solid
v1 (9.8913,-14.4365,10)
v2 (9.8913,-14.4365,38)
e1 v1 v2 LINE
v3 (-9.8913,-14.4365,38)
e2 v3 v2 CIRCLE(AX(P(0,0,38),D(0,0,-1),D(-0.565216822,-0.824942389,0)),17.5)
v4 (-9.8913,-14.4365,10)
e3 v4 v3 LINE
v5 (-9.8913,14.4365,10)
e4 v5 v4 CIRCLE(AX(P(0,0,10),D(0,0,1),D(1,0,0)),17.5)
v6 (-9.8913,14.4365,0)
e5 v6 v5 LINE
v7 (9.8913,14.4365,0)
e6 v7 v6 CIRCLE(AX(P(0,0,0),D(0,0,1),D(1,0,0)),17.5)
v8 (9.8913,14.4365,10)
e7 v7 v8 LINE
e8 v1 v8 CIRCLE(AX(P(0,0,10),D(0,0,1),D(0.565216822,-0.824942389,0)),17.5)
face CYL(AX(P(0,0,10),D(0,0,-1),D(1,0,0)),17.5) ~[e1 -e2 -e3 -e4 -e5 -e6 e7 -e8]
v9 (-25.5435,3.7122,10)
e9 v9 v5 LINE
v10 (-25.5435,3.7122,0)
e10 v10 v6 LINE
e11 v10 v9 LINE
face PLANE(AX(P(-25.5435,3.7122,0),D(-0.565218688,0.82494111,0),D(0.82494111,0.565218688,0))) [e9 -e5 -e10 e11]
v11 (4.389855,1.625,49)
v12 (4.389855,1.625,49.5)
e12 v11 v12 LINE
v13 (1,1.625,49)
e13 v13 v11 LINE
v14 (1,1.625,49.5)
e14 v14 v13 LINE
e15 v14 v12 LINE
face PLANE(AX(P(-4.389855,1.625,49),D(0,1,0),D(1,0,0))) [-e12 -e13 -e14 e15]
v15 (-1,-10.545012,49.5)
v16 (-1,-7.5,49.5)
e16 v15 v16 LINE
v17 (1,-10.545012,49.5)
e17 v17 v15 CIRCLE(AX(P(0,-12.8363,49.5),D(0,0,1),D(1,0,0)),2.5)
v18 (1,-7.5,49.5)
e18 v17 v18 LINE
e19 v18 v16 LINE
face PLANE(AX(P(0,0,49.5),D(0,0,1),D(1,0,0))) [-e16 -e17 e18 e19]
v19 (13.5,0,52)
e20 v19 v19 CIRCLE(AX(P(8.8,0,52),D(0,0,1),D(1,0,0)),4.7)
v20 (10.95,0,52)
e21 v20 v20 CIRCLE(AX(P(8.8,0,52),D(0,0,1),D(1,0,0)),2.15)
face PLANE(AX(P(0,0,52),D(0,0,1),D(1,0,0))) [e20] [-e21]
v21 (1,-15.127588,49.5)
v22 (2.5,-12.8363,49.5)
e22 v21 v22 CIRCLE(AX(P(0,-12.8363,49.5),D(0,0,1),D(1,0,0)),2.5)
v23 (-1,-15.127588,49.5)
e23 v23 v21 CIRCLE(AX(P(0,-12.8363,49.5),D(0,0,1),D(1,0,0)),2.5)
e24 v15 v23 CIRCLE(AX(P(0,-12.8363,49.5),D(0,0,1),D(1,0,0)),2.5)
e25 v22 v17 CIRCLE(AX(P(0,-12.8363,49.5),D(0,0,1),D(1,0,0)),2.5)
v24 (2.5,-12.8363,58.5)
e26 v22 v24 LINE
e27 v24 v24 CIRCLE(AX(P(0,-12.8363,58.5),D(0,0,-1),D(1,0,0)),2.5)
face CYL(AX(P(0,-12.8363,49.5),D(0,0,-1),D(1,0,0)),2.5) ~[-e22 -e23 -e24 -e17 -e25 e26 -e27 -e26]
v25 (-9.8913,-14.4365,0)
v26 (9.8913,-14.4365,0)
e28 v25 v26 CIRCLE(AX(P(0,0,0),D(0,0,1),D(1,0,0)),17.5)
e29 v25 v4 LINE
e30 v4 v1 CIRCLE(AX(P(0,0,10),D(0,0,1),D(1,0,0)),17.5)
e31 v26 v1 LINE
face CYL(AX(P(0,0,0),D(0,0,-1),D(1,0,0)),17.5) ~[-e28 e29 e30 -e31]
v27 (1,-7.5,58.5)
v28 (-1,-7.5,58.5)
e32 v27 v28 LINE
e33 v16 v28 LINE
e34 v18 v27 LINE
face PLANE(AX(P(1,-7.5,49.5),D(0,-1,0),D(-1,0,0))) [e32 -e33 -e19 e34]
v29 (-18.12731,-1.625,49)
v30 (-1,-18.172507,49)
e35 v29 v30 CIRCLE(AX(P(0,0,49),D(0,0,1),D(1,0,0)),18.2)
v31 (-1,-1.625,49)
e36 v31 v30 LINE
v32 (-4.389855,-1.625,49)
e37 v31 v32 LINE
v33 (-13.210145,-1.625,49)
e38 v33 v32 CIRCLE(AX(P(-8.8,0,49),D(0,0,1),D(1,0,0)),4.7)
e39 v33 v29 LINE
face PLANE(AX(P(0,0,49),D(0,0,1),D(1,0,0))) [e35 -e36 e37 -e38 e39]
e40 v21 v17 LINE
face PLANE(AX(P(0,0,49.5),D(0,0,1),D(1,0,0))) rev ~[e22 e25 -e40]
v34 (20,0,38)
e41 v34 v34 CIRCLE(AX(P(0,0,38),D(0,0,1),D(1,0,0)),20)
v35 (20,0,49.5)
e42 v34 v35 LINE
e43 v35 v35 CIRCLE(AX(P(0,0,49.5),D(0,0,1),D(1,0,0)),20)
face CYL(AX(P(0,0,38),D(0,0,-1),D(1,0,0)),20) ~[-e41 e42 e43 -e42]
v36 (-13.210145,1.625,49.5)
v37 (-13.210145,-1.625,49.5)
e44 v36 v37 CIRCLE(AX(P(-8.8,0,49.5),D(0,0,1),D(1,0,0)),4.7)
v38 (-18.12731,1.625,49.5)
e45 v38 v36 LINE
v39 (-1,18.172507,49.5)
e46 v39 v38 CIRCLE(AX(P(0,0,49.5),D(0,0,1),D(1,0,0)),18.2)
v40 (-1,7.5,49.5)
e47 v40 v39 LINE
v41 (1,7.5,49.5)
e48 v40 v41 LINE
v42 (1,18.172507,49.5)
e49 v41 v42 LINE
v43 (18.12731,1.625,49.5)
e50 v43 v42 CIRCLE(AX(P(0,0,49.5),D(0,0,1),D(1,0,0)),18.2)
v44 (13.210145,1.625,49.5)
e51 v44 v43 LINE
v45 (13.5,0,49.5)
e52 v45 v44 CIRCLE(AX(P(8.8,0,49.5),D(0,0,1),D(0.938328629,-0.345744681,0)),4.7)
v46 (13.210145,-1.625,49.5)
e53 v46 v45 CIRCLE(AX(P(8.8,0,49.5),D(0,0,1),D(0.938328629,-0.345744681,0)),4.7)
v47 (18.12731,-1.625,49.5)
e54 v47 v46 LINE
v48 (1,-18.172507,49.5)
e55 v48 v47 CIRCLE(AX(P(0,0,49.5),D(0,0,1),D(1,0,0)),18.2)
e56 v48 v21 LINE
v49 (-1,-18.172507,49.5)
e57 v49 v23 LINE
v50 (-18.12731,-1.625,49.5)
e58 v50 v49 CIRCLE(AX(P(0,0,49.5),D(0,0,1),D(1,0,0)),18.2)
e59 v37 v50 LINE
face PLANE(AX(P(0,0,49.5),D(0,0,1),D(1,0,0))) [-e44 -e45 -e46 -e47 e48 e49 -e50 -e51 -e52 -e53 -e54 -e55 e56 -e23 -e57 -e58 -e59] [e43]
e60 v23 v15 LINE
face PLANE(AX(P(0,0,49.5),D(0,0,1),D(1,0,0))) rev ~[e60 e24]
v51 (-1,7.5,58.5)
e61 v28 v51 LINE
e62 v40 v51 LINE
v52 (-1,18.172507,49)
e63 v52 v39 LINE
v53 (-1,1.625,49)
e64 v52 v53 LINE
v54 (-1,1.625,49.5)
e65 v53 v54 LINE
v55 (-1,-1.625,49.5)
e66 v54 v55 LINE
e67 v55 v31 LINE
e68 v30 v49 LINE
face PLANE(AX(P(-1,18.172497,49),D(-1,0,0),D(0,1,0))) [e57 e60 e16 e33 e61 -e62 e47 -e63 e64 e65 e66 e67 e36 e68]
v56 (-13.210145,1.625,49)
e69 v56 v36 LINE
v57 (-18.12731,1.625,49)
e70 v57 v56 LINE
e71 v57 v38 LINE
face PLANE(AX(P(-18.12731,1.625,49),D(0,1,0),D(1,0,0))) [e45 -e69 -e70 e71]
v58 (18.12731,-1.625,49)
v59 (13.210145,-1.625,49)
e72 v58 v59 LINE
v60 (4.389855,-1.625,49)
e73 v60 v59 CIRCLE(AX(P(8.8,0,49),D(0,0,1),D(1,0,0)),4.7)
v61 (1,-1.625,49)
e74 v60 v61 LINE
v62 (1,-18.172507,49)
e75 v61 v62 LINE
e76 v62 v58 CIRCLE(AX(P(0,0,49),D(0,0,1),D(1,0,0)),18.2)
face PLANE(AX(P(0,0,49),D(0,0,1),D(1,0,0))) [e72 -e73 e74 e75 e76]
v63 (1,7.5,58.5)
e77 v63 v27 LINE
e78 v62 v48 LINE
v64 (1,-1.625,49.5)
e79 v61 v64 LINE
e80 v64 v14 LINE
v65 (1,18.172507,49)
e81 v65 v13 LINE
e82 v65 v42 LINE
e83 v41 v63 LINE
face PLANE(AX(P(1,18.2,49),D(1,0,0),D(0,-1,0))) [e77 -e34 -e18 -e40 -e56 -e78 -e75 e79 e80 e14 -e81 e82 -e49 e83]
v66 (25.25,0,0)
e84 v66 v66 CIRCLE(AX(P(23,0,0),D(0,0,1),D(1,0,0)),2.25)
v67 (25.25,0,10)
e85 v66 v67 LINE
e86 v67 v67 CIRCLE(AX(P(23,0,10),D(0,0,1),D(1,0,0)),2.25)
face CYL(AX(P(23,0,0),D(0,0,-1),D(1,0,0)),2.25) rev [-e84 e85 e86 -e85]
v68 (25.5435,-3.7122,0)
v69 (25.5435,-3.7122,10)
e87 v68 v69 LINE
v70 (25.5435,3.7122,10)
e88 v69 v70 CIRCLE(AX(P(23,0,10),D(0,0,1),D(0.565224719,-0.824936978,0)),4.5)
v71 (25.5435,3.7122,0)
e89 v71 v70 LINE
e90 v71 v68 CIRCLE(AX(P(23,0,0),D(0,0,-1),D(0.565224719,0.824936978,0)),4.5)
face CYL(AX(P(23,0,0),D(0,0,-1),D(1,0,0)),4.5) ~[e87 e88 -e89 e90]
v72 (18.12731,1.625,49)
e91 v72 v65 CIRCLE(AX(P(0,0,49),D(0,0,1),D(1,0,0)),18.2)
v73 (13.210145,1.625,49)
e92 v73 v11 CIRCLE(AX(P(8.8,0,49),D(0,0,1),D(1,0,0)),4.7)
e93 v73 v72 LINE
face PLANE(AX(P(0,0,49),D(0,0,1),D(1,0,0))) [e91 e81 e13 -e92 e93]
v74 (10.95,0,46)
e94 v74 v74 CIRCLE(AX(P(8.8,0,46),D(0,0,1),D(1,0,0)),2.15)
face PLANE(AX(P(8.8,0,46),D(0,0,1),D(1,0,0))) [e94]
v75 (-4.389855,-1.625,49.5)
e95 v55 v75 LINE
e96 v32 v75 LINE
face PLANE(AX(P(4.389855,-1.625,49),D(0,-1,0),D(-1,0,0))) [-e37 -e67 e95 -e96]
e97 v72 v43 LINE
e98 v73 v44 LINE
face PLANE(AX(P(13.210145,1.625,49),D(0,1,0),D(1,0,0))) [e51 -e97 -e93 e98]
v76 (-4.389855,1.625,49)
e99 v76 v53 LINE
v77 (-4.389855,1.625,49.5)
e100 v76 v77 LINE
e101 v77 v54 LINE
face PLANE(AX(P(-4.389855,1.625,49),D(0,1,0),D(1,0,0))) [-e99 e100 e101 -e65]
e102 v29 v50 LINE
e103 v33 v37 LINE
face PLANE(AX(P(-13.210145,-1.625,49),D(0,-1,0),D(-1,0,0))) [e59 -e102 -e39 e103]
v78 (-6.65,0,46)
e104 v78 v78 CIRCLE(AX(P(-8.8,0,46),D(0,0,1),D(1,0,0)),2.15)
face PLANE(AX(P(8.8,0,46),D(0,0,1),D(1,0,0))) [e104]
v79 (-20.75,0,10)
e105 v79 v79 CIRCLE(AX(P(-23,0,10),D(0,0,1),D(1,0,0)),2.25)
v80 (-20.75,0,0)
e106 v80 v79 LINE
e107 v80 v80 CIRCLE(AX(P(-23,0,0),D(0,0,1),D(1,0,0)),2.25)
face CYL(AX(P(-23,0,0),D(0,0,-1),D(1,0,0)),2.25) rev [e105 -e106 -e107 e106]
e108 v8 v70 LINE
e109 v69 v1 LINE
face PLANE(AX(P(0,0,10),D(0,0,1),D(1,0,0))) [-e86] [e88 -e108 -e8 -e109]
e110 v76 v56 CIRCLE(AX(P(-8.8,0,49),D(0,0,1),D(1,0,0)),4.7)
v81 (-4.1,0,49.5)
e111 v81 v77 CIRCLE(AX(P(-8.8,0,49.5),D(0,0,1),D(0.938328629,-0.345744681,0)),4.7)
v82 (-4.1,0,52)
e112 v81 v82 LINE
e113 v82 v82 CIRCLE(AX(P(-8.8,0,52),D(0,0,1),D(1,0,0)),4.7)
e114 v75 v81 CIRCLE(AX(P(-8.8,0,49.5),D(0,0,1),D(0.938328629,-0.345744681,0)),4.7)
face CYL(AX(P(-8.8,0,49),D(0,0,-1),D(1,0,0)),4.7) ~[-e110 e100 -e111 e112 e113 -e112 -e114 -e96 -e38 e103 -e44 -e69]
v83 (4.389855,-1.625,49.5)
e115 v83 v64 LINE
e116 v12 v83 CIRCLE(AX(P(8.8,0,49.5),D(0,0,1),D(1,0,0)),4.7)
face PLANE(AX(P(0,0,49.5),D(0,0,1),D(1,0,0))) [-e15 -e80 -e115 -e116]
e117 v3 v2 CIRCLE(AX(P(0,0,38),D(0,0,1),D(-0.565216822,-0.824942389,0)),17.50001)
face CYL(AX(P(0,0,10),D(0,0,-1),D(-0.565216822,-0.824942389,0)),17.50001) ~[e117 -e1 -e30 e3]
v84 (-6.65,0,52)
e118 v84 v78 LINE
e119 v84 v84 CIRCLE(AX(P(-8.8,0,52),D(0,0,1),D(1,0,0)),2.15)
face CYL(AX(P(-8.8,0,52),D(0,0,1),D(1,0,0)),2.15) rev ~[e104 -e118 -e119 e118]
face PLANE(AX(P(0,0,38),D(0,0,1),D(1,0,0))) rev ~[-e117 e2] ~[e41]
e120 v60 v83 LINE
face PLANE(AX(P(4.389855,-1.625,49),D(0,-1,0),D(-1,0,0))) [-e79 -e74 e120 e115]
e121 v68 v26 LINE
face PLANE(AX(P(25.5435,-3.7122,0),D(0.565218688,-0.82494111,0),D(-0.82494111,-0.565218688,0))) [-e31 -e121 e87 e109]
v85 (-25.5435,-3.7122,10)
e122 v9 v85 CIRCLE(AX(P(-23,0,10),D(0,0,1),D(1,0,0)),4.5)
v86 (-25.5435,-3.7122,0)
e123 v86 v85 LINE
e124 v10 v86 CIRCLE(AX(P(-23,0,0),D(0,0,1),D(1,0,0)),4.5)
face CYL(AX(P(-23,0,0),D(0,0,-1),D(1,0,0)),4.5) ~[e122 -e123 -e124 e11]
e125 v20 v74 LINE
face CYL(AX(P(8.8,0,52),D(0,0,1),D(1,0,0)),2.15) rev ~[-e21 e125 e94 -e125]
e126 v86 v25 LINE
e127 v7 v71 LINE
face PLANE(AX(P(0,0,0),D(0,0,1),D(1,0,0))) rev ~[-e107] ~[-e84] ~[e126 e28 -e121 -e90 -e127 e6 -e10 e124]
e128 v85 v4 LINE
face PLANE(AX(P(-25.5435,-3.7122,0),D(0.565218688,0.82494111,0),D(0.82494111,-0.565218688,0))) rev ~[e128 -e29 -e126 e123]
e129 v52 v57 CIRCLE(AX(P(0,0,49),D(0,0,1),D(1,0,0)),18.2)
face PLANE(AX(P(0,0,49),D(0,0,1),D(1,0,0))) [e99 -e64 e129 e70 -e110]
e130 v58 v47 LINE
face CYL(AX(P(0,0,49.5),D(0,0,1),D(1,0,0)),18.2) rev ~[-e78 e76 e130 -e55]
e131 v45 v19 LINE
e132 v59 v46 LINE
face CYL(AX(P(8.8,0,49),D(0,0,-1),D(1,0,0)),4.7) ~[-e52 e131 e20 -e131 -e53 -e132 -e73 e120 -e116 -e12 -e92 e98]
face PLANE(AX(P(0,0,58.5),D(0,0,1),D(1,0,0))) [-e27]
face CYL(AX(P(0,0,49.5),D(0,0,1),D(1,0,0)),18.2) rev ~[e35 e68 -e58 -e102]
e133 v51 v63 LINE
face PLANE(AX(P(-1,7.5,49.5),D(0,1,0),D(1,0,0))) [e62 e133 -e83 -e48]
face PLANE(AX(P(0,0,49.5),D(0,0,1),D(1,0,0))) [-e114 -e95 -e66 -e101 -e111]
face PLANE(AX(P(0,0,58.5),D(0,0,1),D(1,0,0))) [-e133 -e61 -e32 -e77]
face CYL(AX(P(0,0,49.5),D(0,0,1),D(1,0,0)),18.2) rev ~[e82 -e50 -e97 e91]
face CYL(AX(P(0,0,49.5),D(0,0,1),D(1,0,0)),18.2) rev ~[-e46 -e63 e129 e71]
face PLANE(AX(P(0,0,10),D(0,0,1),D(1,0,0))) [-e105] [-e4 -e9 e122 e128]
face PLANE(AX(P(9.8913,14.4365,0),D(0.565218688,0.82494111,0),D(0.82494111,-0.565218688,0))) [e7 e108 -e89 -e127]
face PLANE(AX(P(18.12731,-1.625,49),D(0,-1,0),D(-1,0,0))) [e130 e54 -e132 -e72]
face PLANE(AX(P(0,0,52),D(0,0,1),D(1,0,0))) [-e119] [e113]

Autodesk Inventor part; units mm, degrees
ref_plane "YZ Plane" through (0, 0, 0) normal (1, 0, 0) x (0, 1, 0)
ref_plane "XZ Plane" through (0, 0, 0) normal (0, 1, 0) x (-1, 0, 0)
ref_plane "XY Plane" through (0, 0, 0) normal (0, 0, 1) x (1, 0, 0)
sketch "Base" plane through (0, 0, 0) normal (0, 0, 1) x (1, 0, 0)
  circle A0 centre (0, 0) radius 17.5
  circle A1 centre (23, 0) radius 2.25
  line L0 (-38.5, 0) -> (38.5, 0) construction
  line L1 (0, -24.5) -> (0, 24.5) construction
  circle A2 centre (-23, 0) radius 2.25
  circle A3 centre (23, 0) radius 4.5
  circle A4 centre (-23, 0) radius 4.5
  line L2 (-27.5, 0) -> (27.5, 0) construction
  line L3 (9.8913, 14.4365) -> (25.5435, 3.7122)
  line L4 (25.5435, -3.7122) -> (9.8913, -14.4365)
  line L5 (-25.5435, 3.7122) -> (-9.8913, 14.4365)
  line L6 (-25.5435, -3.7122) -> (-9.8913, -14.4365)
  dimension "d0" = 35
  dimension "d1" = 4.5
  dimension "d2" = 2.25
  dimension "d3" = 46
  dimension "d4" = 55
extrude "BaseFeature" add sketch "Base" along normal blind 10
sketch "Body" plane through (0, 0, 10) normal (0, 0, 1) x (1, 0, 0)
  circle A0 centre (0, 0) radius 17.5
  arc A1 (-9.8913, -14.4365) -> (9.8913, -14.4365) centre (0, 0) ccw projected
extrude "BodyFeature" add sketch "Body" along normal blind 28
sketch "Head" plane through (0, 0, 38) normal (0, 0, 1) x (1, 0, 0)
  circle A0 centre (0, 0) radius 20
  dimension "d9" = 40
extrude "HeadFeature" add sketch "Head" along normal blind 11.5
sketch "Top" plane through (0, 0, 49.5) normal (0, 0, 1) x (1, 0, 0)
  circle A0 centre (0, 0) radius 18.2
  circle A1 centre (0, 0) radius 20 projected
  dimension "d12" = 1.8
extrude "TopFeature" cut sketch "Top" against normal blind 0.5 contours A0
sketch "Sketch5" plane through (0, 0, 49) normal (0, 0, 1) x (1, 0, 0)
  line L0 (-38.5, 0) -> (38.5, 0) construction
  circle A0 centre (8.8, 0) radius 4.7
  line L1 (0, -28) -> (0, 28) construction
  circle A1 centre (-8.8, 0) radius 4.7
  line L2 (8.8, 0) -> (13.5, 0) construction
  line L3 (-8.8, 0) -> (-13.5, 0) construction
  point P0 (0, 0)
  dimension "d15" = 9.4
  dimension "d16" = 27
extrude "Extrusion5" add sketch "Sketch5" along normal blind 3
sketch "Sketch6" plane through (8.8, 0, 52) normal (0, 0, 1) x (1, 0, 0)
  circle A0 centre (0, 0) radius 4.7 projected
  circle A1 centre (-17.6, 0) radius 4.7 projected
  circle A2 centre (-17.6, 0) radius 4.7 projected
  circle A3 centre (-17.6, 0) radius 2.15
  circle A4 centre (0, 0) radius 2.15
  point P0 (-8.8, 0)
  dimension "d19" = 4.3
extrude "Extrusion6" cut sketch "Sketch6" against normal blind 6 contours A3 | A4
sketch "Sketch7" plane through (0, 0, 49) normal (0, 0, 1) x (1, 0, 0)
  circle A0 centre (-8.8, 0) radius 4.7 projected
  circle A1 centre (8.8, 0) radius 4.7 projected
  circle A2 centre (0, 0) radius 18.2 projected
  line L0 (-18.2, 1.625) -> (18.2, 1.625)
  line L1 (18.2, 1.625) -> (18.2, -1.625)
  line L2 (18.2, -1.625) -> (-18.2, -1.625)
  line L3 (-18.2, -1.625) -> (-18.2, 1.625)
  line L4 (-38.5, 0) -> (38.5, 0) construction
  circle A3 centre (0, 0) radius 18.2 projected
  point P0 (-18.2, 0)
  point P1 (13.2101, -1.625)
  point P2 (18.1273, -1.625)
  point P3 (18.1273, 1.625)
  point P4 (13.2101, 1.625)
  point P5 (-4.3899, -1.625)
  point P6 (4.3899, -1.625)
  point P7 (4.3899, 1.625)
  point P8 (-4.3899, 1.625)
  point P9 (-18.1273, -1.625)
  point P10 (-13.2101, -1.625)
  point P11 (-13.2101, 1.625)
  point P12 (-18.1273, 1.625)
  dimension "d22" = 3.25
extrude "Extrusion7" add sketch "Sketch7" along normal up to surface (0.5 mm away) contours A0 L0 A1 L2 | A0 L2 A2 L0 | L0 A2 L2 A1
sketch "Sketch8" plane through (0, 0, 49) normal (0, 0, 1) x (1, 0, 0)
  line L0 (0, -28) -> (0, 28) construction
  line L1 (-1, 18.2) -> (1, 18.2)
  line L2 (1, 18.2) -> (1, -18.2)
  line L3 (1, -18.2) -> (-1, -18.2)
  line L4 (-1, -18.2) -> (-1, 18.2)
  arc A0 (18.1273, 1.625) -> (-18.1273, 1.625) centre (0, 0) ccw projected
  arc A1 (-18.1273, -1.625) -> (18.1273, -1.625) centre (0, 0) ccw projected
  point P0 (0, 18.2)
  dimension "d25" = 2
extrude "Extrusion8" add sketch "Sketch8" along normal up to surface (0.5 mm away)
sketch "Sketch9" plane through (0, 0, 49.5) normal (0, 0, 1) x (1, 0, 0)
  line L0 (0, -28) -> (0, 28) construction
  circle A0 centre (0, -12.8363) radius 2.5
  line L1 (-1, 1.625) -> (-1, 18.1725) projected
  line L2 (1, -1.625) -> (1, -18.1725) projected
  line L3 (-1, 7.5) -> (1, 7.5)
  line L4 (1, 7.5) -> (1, -7.5)
  line L5 (1, -7.5) -> (-1, -7.5)
  line L6 (-1, -7.5) -> (-1, 7.5)
  line L7 (-38.5, 0) -> (38.5, 0) construction
  line L8 (0, -7.5) -> (0, -18.1725) construction
  point P0 (0, 0)
  point P1 (1, 0)
  dimension "d28" = 5
  dimension "d29" = 15
  dimension "d30" = 5.3362
  dimension "d31" = 5.3362
extrude "Extrusion9" add sketch "Sketch9" along normal blind 9
equation "\"d26\" = d25"
properties part number "HiitioContactor"
